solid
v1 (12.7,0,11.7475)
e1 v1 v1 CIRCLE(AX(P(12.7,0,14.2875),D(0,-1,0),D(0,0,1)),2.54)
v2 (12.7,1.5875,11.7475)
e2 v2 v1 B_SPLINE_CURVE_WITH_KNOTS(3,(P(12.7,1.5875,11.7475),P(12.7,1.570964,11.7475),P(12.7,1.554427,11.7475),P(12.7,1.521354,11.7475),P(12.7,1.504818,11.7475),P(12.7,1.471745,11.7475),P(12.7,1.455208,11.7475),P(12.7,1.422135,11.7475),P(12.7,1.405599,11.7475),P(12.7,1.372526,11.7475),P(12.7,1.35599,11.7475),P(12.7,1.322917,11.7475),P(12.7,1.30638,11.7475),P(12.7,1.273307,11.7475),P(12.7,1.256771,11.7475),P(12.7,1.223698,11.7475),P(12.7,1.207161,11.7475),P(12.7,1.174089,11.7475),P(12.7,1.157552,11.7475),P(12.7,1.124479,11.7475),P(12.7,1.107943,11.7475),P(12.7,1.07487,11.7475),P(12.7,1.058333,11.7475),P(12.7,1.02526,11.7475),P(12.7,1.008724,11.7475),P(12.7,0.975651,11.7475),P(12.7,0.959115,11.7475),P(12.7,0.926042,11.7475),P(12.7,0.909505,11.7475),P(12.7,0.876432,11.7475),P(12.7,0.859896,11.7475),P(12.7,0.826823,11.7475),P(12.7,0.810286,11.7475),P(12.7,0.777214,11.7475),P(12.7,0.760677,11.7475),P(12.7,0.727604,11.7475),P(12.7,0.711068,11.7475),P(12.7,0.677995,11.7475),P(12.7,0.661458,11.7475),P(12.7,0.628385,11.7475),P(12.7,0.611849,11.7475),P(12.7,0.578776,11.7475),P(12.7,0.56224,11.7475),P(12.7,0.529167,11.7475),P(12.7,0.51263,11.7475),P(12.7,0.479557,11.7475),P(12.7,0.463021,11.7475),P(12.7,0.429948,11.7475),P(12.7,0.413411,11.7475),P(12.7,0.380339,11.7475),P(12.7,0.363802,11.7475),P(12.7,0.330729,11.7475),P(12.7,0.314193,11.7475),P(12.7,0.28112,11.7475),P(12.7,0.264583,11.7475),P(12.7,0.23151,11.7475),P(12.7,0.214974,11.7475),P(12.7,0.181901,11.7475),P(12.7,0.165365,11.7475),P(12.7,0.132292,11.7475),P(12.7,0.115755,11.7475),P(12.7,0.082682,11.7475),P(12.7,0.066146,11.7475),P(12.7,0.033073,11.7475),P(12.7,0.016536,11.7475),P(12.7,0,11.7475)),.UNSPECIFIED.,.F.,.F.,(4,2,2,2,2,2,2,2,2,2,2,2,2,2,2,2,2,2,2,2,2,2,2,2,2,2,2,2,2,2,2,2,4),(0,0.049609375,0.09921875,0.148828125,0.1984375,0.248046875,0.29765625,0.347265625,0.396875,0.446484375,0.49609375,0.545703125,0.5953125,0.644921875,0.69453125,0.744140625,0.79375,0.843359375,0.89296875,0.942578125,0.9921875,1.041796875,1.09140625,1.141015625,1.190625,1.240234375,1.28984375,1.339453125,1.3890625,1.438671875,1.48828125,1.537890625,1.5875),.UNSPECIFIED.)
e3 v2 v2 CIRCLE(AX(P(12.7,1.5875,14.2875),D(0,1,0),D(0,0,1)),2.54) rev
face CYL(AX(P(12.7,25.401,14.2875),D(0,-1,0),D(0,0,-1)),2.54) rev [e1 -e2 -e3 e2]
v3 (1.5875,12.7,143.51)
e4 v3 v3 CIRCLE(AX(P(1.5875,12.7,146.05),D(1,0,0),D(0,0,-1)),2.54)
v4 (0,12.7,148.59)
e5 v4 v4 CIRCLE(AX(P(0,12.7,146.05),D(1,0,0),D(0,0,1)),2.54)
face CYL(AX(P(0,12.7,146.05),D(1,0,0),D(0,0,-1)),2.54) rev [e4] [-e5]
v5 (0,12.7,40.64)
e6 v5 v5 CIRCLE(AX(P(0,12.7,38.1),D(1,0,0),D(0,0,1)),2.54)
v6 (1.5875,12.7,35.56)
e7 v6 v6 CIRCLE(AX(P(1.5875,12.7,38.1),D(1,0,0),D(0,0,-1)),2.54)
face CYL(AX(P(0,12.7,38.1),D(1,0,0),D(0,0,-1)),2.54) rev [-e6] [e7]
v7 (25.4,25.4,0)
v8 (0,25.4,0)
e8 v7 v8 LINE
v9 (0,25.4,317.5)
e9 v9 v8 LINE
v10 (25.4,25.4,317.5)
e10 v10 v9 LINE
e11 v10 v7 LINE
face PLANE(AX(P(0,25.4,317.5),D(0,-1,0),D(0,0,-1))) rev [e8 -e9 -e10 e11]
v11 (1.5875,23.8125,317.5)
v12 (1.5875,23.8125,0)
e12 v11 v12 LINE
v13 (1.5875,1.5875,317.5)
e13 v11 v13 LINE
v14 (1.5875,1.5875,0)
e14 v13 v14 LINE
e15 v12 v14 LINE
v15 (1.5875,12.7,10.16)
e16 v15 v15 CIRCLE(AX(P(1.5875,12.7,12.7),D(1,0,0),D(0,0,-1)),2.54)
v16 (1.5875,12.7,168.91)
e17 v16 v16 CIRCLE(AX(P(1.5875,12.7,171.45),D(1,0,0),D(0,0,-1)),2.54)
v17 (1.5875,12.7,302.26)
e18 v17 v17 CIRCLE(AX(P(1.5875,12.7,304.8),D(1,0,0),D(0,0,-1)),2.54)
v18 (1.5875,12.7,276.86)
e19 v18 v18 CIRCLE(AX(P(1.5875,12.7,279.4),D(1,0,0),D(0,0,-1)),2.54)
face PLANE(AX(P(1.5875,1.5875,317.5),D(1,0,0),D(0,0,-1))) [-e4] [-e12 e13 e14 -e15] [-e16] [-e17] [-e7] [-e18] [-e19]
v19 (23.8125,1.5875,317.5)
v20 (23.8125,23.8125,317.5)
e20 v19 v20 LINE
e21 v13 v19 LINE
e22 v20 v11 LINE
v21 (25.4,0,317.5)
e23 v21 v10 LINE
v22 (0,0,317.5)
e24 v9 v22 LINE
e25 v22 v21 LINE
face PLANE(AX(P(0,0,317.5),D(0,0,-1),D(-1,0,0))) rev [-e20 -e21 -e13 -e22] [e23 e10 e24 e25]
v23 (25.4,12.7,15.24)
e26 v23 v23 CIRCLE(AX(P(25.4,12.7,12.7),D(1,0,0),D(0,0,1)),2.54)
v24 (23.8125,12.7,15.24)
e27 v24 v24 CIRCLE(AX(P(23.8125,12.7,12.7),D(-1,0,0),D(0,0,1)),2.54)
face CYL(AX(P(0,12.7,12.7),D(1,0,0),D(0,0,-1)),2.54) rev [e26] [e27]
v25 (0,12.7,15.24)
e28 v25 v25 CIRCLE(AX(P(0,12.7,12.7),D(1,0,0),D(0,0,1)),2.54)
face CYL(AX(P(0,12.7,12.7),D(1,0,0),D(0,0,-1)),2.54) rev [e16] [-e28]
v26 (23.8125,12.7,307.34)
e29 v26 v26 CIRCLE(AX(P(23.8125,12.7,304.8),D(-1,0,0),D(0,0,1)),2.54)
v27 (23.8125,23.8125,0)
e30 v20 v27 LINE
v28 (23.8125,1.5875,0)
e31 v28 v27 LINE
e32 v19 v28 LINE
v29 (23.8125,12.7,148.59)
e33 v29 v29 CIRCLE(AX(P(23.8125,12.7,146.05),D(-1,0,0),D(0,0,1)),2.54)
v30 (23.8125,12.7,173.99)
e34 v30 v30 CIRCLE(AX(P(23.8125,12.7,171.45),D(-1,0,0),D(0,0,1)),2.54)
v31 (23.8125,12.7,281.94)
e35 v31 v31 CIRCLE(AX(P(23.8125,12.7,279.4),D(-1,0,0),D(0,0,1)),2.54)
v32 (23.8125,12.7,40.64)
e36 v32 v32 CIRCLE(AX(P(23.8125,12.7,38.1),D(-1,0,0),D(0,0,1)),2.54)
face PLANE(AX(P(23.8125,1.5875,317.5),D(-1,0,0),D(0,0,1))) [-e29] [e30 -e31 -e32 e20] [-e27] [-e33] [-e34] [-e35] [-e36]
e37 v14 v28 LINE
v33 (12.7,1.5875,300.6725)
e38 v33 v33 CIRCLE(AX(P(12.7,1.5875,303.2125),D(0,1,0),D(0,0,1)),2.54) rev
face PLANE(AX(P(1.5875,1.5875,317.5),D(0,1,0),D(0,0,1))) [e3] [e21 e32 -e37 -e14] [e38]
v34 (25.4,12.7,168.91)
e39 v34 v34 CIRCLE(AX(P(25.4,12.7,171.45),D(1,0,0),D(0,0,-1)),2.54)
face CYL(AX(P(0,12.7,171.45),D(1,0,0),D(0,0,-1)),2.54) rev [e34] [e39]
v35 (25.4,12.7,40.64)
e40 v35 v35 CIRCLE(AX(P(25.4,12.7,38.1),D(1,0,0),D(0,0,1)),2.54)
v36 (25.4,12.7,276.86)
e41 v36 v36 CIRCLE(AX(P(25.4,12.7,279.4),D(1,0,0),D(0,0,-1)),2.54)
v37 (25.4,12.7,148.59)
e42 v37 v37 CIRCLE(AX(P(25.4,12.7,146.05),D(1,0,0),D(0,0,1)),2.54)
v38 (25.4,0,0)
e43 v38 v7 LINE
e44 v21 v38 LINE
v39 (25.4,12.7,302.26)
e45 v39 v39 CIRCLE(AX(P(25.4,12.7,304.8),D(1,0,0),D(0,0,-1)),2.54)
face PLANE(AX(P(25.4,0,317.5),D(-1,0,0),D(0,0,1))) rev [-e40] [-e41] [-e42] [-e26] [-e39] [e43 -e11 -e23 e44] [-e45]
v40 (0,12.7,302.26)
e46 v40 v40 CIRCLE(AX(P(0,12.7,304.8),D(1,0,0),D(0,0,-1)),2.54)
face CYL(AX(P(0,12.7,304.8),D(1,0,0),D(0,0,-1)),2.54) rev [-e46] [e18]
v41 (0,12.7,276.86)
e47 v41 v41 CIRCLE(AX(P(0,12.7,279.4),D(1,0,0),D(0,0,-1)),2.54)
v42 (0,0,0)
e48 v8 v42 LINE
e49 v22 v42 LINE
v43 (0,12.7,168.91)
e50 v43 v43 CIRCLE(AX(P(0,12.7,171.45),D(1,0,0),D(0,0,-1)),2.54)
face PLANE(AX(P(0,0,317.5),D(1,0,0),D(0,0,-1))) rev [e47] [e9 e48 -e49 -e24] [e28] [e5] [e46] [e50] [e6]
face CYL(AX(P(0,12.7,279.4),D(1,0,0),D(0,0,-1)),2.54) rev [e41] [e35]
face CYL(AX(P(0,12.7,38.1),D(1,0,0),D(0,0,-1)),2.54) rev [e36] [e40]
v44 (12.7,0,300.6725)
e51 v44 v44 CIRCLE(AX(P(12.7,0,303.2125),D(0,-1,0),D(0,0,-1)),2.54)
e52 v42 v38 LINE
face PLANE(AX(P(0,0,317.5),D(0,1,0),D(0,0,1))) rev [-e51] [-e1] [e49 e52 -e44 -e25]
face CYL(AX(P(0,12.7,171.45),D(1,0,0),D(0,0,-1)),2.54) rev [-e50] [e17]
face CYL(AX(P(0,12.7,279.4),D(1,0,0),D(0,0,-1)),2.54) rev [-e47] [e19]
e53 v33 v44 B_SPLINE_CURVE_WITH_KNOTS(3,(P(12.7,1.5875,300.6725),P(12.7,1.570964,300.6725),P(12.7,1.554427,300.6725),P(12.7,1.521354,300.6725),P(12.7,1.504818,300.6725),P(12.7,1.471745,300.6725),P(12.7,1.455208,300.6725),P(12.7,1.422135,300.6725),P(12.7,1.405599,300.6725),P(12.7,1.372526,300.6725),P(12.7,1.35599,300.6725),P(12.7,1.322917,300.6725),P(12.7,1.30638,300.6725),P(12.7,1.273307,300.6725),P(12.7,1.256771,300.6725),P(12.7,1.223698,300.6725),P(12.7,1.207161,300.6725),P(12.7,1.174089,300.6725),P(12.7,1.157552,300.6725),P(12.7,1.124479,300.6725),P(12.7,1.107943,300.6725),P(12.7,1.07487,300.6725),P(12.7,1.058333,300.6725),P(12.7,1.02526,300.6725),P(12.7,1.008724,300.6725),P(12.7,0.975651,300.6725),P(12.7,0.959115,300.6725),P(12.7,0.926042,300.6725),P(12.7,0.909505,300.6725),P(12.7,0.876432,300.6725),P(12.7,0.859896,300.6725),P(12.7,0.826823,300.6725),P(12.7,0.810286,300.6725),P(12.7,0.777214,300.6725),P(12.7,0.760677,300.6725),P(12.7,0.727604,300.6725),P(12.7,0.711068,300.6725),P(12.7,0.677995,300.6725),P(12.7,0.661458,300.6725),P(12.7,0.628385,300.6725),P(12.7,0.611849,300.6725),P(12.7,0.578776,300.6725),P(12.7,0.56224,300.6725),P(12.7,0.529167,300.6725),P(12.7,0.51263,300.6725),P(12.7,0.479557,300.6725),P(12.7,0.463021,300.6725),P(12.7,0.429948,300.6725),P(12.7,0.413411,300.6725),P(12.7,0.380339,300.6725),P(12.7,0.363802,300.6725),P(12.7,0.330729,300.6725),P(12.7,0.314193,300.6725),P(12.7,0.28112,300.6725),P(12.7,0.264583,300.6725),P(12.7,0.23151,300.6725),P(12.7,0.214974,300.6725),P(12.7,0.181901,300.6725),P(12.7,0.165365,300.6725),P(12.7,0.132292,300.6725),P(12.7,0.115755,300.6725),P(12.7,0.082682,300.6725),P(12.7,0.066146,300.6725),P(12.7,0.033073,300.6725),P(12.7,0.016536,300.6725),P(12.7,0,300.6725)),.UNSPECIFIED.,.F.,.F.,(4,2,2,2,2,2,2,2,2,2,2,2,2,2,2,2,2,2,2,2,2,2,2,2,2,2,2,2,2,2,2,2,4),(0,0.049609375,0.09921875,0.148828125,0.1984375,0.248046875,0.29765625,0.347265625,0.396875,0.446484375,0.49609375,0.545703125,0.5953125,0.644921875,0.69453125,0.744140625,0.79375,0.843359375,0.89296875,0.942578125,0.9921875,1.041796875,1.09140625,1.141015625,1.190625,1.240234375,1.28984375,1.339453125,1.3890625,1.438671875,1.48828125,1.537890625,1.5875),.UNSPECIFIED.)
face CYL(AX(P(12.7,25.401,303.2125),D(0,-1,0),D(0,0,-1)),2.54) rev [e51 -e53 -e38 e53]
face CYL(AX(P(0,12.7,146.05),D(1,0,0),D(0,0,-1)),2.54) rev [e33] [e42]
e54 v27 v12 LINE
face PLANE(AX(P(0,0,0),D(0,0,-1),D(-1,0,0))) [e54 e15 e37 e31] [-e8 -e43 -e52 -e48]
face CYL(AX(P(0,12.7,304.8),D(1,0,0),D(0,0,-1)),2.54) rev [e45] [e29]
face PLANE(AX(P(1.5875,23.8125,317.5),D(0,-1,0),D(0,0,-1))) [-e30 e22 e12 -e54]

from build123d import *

# Parameters (mm, degrees)
SKETCH1_W           = 25.4
SKETCH1_H           = 25.4
SKETCH1_W_2         = 22.225
SKETCH1_H_2         = 22.225
BOSS_EXTRUDE1_DEPTH = 317.5
SKETCH4_R           = 2.54
CUT_EXTRUDE3_DEPTH  = 320.525538885
CUT_EXTRUDE4_REACH  = 321.526
SKETCH5_R           = 2.54


with BuildPart() as part:
    # Sketch1 → Boss-Extrude1 (new body)
    with BuildSketch(Plane.XY):
        with Locations((12.7, 12.7)):
            Rectangle(SKETCH1_W, SKETCH1_H)
        with Locations((12.7, 12.7)):
            Rectangle(SKETCH1_W_2, SKETCH1_H_2, mode=Mode.SUBTRACT)
    extrude(amount=BOSS_EXTRUDE1_DEPTH)

    # Sketch4 → Cut-Extrude3 (cut, through all)
    with BuildSketch(Plane(origin=(25.4, 0, 0), x_dir=(0, 0, -1), z_dir=(1, 0, 0))):
        with Locations((-304.8, 12.7)):
            Circle(SKETCH4_R)
        with Locations((-279.4, 12.7)):
            Circle(SKETCH4_R)
        with Locations(Location((-38.1, 12.7, 0), (0, 0, 180))):
            Circle(SKETCH4_R)
        with Locations(Location((-12.7, 12.7, 0), (0, 0, 180))):
            Circle(SKETCH4_R)
        with Locations((-171.45, 12.7)):
            Circle(SKETCH4_R)
        with Locations(Location((-146.05, 12.7, 0), (0, 0, 180))):
            Circle(SKETCH4_R)
    extrude(amount=-CUT_EXTRUDE3_DEPTH, mode=Mode.SUBTRACT)

    # Sketch5 → Cut-Extrude4 (cut, up to next)
    with BuildSketch(Plane.XZ, mode=Mode.PRIVATE) as cut_extrude4_sk1:
        with Locations(Location((12.7, 303.2125, 0), (0, 0, 270))):
            Circle(SKETCH5_R)
    cut_extrude4_tool1 = extrude(cut_extrude4_sk1.sketch, amount=-CUT_EXTRUDE4_REACH, mode=Mode.PRIVATE) & part.part
    # Sketch5 → Cut-Extrude4 (cut, up to next)
    with BuildSketch(Plane.XZ, mode=Mode.PRIVATE) as cut_extrude4_sk2:
        with Locations(Location((12.7, 14.2875, 0), (0, 0, 270))):
            Circle(SKETCH5_R)
    cut_extrude4_tool2 = extrude(cut_extrude4_sk2.sketch, amount=-CUT_EXTRUDE4_REACH, mode=Mode.PRIVATE) & part.part
    add(cut_extrude4_tool1.solids().sort_by_distance((12.7, 0, 303.2125))[0], mode=Mode.SUBTRACT)
    add(cut_extrude4_tool2.solids().sort_by_distance((12.7, 0, 14.2875))[0], mode=Mode.SUBTRACT)


solid = part.part
